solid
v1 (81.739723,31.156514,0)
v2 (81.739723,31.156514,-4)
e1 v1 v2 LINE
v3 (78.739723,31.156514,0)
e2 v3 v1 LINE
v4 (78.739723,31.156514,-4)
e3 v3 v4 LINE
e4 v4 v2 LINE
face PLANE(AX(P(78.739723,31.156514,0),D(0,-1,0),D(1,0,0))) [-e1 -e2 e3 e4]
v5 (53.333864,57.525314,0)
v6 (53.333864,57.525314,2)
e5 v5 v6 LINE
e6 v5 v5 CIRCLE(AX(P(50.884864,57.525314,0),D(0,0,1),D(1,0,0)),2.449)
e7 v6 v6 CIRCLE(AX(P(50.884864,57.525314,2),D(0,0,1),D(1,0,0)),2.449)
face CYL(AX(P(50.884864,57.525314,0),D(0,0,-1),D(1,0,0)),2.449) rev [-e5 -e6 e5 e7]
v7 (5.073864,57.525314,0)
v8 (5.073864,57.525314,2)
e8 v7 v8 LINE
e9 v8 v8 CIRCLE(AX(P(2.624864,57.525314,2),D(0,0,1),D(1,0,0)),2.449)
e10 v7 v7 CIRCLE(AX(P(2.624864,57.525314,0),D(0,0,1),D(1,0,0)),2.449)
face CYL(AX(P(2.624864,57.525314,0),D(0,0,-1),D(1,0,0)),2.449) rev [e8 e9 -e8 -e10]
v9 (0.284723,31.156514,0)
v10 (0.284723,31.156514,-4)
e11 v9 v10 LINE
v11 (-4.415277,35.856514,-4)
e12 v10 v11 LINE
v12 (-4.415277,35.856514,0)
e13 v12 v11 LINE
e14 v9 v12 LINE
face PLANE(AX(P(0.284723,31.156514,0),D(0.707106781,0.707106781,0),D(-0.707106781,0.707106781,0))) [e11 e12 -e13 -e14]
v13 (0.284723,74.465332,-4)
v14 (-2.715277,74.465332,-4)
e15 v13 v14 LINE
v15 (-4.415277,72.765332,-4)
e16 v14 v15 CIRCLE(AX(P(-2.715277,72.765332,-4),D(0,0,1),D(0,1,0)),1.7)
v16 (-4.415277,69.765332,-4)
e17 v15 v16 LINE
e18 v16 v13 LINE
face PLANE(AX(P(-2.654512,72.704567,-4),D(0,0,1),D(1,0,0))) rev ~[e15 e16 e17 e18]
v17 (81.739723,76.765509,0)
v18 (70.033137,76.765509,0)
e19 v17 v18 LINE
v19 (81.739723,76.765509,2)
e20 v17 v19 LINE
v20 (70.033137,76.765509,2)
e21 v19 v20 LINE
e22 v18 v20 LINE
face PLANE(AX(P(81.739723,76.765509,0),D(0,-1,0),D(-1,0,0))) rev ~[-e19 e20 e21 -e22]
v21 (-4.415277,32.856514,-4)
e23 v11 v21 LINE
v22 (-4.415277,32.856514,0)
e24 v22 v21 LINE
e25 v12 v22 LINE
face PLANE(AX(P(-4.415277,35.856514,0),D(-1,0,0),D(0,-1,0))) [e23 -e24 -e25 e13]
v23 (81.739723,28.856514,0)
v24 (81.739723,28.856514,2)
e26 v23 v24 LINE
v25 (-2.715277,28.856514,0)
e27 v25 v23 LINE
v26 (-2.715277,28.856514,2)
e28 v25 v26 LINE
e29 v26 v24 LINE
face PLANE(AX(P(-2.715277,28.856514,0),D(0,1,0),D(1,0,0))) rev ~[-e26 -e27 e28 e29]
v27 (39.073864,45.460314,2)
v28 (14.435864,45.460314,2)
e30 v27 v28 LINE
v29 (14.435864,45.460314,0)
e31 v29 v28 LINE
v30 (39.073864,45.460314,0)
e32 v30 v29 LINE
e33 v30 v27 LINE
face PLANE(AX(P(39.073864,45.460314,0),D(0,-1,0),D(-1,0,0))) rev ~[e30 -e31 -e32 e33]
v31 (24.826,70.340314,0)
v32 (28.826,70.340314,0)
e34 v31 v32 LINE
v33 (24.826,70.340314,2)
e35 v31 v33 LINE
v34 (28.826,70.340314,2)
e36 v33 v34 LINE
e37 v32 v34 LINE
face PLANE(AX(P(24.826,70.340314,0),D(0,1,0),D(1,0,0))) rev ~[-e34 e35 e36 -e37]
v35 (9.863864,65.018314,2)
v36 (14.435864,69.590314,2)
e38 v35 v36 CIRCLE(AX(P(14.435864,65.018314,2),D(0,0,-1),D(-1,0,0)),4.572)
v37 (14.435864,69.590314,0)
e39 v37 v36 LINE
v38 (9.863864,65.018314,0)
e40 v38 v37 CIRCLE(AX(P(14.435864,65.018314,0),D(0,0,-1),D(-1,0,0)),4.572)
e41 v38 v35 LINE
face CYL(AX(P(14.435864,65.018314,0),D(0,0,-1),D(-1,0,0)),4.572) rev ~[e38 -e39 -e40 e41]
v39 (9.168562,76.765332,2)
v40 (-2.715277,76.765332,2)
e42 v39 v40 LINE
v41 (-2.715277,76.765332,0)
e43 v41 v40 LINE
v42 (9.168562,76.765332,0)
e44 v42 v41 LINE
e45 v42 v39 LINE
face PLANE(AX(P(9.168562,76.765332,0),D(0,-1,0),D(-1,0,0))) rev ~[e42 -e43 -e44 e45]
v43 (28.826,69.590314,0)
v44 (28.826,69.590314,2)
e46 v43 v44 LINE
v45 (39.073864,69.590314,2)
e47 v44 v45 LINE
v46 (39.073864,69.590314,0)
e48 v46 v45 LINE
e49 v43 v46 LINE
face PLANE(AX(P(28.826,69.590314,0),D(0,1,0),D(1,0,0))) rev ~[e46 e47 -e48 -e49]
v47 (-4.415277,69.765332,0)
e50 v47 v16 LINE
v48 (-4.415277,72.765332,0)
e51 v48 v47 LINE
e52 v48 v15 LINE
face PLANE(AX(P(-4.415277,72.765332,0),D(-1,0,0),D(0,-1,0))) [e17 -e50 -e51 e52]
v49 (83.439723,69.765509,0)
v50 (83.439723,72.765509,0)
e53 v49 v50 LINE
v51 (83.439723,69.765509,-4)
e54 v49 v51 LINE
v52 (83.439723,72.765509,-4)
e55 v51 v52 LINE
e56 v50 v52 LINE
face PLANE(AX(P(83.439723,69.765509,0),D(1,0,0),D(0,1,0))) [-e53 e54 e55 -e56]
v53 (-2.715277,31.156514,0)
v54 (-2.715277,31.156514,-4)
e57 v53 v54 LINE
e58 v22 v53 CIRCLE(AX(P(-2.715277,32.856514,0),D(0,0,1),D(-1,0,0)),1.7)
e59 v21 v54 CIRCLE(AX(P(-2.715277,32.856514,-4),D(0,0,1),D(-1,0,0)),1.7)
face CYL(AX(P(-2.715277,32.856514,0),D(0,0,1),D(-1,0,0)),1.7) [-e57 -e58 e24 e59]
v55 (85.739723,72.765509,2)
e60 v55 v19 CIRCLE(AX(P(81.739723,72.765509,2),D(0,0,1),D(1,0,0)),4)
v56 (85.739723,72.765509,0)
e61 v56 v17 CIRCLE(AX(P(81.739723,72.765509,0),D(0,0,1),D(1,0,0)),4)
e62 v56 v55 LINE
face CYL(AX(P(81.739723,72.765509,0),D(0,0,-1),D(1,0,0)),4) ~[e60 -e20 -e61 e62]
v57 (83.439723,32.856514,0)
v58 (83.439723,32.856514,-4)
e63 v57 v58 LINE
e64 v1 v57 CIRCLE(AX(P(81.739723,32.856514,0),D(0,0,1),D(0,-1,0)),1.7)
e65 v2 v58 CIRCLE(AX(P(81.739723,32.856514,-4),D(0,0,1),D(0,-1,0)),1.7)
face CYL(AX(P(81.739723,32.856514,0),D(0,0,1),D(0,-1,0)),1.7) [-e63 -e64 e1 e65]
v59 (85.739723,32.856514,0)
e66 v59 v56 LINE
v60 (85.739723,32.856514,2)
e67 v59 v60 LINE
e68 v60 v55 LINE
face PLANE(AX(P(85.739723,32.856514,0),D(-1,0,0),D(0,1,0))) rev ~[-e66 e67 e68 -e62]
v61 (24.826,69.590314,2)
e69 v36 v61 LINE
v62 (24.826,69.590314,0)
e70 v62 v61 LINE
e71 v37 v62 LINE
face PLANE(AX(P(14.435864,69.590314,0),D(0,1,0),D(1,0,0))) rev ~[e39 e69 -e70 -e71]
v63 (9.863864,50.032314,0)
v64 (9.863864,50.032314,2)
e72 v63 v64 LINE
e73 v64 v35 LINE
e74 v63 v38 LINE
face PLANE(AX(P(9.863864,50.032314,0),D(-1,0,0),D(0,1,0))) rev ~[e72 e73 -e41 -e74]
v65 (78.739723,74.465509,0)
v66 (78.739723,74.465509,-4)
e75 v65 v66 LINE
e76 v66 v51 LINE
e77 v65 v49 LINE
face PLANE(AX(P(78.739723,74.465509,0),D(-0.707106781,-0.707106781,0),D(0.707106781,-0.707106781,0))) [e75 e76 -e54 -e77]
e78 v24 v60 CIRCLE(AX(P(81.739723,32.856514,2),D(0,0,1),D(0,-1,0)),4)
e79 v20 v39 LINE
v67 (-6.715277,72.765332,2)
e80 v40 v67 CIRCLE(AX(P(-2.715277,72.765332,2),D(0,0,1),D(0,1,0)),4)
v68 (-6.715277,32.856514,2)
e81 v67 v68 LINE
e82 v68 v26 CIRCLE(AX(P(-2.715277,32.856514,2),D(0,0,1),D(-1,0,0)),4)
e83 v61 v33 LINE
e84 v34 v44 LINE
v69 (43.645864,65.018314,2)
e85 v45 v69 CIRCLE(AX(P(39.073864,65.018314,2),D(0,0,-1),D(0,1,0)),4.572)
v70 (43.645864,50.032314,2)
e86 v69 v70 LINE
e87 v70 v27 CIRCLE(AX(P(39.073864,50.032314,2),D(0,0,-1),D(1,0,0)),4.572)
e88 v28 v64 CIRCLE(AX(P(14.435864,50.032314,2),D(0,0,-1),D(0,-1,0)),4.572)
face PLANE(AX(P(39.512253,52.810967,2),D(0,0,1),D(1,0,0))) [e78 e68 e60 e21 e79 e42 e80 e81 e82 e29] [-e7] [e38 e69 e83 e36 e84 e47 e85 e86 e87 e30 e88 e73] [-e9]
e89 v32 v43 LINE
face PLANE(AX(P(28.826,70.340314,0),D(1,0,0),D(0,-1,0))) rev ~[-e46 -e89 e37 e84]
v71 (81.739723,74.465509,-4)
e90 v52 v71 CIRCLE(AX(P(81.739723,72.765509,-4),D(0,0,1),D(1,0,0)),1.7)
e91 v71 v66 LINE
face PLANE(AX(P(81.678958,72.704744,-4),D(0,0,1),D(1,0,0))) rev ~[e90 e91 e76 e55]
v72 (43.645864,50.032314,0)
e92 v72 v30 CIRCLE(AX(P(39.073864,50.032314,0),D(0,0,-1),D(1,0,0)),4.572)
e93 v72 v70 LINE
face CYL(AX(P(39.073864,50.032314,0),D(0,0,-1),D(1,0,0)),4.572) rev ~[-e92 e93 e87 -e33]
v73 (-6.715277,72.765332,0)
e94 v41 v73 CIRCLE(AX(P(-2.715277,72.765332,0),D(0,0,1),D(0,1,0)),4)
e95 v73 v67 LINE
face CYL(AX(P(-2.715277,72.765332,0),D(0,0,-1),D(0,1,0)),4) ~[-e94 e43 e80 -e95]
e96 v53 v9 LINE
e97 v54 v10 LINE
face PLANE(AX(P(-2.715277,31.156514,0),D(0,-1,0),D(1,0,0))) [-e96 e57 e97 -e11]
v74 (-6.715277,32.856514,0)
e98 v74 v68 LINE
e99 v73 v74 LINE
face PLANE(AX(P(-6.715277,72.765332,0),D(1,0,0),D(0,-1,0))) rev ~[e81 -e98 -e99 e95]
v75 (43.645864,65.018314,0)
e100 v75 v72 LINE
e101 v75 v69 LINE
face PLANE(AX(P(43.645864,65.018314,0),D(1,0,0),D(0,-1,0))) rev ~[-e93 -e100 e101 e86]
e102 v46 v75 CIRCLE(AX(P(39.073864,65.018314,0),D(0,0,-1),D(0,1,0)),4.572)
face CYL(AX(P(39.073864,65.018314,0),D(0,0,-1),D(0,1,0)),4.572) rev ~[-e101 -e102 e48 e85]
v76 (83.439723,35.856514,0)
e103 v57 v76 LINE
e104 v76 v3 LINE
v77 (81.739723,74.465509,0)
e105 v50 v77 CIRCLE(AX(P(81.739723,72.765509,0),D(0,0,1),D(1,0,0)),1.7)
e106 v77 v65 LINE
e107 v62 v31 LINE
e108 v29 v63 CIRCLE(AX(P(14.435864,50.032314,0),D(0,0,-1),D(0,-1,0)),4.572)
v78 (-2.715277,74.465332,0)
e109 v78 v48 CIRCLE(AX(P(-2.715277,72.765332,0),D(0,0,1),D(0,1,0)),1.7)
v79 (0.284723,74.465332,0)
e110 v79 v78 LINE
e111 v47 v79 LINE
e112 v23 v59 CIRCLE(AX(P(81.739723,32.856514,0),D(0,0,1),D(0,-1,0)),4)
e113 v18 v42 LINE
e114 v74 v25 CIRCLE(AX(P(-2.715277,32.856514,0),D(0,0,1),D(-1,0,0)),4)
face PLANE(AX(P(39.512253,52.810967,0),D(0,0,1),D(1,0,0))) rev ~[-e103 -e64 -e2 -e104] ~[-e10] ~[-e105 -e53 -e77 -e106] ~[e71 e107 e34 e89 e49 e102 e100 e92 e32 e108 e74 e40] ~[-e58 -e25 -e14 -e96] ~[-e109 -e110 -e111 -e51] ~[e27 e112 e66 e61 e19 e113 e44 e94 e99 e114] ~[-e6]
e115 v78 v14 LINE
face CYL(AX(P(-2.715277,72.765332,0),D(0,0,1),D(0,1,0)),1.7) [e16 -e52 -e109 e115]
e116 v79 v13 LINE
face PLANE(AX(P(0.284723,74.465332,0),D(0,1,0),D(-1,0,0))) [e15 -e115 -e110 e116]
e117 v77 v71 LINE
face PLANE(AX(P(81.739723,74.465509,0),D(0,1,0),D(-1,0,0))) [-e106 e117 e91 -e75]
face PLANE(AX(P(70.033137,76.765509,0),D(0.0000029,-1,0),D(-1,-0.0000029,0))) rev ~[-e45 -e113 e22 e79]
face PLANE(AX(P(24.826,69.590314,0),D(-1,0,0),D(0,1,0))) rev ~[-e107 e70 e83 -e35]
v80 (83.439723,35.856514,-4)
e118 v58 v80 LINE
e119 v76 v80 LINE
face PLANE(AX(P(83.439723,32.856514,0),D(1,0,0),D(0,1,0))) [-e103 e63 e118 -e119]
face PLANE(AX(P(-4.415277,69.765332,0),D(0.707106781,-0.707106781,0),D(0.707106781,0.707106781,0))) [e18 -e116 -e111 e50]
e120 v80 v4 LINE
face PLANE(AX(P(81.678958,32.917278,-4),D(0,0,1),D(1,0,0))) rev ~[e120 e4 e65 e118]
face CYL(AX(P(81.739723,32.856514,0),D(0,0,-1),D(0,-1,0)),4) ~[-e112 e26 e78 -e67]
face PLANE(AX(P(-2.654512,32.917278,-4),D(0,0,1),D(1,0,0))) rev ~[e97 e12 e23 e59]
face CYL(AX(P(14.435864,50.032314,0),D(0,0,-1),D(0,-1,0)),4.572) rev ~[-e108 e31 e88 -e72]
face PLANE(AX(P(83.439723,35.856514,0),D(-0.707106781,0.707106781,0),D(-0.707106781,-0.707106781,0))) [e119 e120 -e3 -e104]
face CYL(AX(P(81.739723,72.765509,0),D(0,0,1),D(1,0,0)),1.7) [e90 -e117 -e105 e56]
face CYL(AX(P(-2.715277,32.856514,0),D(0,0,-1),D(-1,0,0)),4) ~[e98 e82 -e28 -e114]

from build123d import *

# Parameters (mm, degrees)
SKETCH1_R           = 2.449
BOSS_EXTRUDE2_DEPTH = 2
BOSS_EXTRUDE3_DEPTH = 4


with BuildPart() as part:
    # Sketch1 → Boss-Extrude2 (new body)
    with BuildSketch(Plane.XY):
        with BuildLine():
            Line((9.168561928, 76.765332221), (-2.715276814, 76.765332221))
            ThreePointArc((-2.715276814, 76.765332221), (-5.543703939, 75.593759346), (-6.715276814, 72.765332221))
            Line((-6.715276814, 72.765332221), (-6.715276814, 32.85651365))
            ThreePointArc((-6.715276814, 32.85651365), (-5.543703939, 30.028086525), (-2.715276814, 28.85651365))
            Line((-2.715276814, 28.85651365), (81.739723186, 28.85651365))
            ThreePointArc((81.739723186, 28.85651365), (84.56815031, 30.028086525), (85.739723186, 32.85651365))
            Line((85.739723186, 32.85651365), (85.739723186, 72.765508714))
            ThreePointArc((85.739723186, 72.765508714), (84.56815031, 75.593935839), (81.739723186, 76.765508714))
            Line((81.739723186, 76.765508714), (70.033136805, 76.765508714))
            Line((70.033136805, 76.765508714), (9.168561928, 76.765332221))
        make_face()
        with Locations((50.884863874, 57.525313638)):
            Circle(SKETCH1_R, mode=Mode.SUBTRACT)
        with Locations((2.624863871, 57.525313638)):
            Circle(SKETCH1_R, mode=Mode.SUBTRACT)
        with BuildLine():
            Line((36.022761907, 69.590313638), (39.073863873, 69.590313638))
            ThreePointArc((39.073863873, 69.590313638), (42.306756076, 68.251205842), (43.645863873, 65.018313638))
            Line((43.645863873, 65.018313638), (43.645863873, 50.032313637))
            ThreePointArc((43.645863873, 50.032313637), (42.306756076, 46.799421434), (39.073863873, 45.460313637))
            Line((39.073863873, 45.460313637), (36.022761907, 45.460313637))
            Line((36.022761907, 45.460313637), (17.486965838, 45.460313637))
            Line((17.486965838, 45.460313637), (14.435863872, 45.460313637))
            ThreePointArc((14.435863872, 45.460313637), (11.202971669, 46.799421434), (9.863863872, 50.032313637))
            Line((9.863863872, 50.032313637), (9.863863872, 65.018313638))
            ThreePointArc((9.863863872, 65.018313638), (11.202971669, 68.251205842), (14.435863872, 69.590313638))
            Line((14.435863872, 69.590313638), (17.486965838, 69.590313638))
            Line((17.486965838, 69.590313638), (24.826000411, 69.590313638))
            Line((24.826000411, 69.590313638), (24.826000411, 70.340313638))
            Line((24.826000411, 70.340313638), (28.826000411, 70.340313638))
            Line((28.826000411, 70.340313638), (28.826000411, 69.590313638))
            Line((28.826000411, 69.590313638), (36.022761907, 69.590313638))
        make_face(mode=Mode.SUBTRACT)
    extrude(amount=BOSS_EXTRUDE2_DEPTH)

    # Sketch2 → Boss-Extrude3 (add)
    with BuildSketch(Plane(origin=(0, 0, 0), x_dir=(-1, 0, 0), z_dir=(0, 0, -1))):
        with BuildLine():
            Line((-83.439723186, 32.85651365), (-83.439723186, 35.85651365))
            Line((-83.439723186, 35.85651365), (-78.739723186, 31.15651365))
            Line((-78.739723186, 31.15651365), (-81.739723186, 31.15651365))
            ThreePointArc((-81.739723186, 31.15651365), (-82.941804714, 31.654432122), (-83.439723186, 32.85651365))
        make_face()
        with BuildLine():
            Line((-81.739723186, 74.465508714), (-78.739723186, 74.465508714))
            Line((-78.739723186, 74.465508714), (-83.439723186, 69.765508714))
            Line((-83.439723186, 69.765508714), (-83.439723186, 72.765508714))
            ThreePointArc((-83.439723186, 72.765508714), (-82.941804714, 73.967590242), (-81.739723186, 74.465508714))
        make_face()
        with BuildLine():
            Line((2.715276814, 31.15651365), (-0.284723186, 31.15651365))
            Line((-0.284723186, 31.15651365), (4.415276814, 35.85651365))
            Line((4.415276814, 35.85651365), (4.415276814, 32.85651365))
            ThreePointArc((4.415276814, 32.85651365), (3.917358342, 31.654432122), (2.715276814, 31.15651365))
        make_face()
        with BuildLine():
            Line((4.415276814, 72.765332221), (4.415276814, 69.765332221))
            Line((4.415276814, 69.765332221), (-0.284723186, 74.465332221))
            Line((-0.284723186, 74.465332221), (2.715276814, 74.465332221))
            ThreePointArc((2.715276814, 74.465332221), (3.917358342, 73.967413749), (4.415276814, 72.765332221))
        make_face()
    extrude(amount=BOSS_EXTRUDE3_DEPTH)


solid = part.part
